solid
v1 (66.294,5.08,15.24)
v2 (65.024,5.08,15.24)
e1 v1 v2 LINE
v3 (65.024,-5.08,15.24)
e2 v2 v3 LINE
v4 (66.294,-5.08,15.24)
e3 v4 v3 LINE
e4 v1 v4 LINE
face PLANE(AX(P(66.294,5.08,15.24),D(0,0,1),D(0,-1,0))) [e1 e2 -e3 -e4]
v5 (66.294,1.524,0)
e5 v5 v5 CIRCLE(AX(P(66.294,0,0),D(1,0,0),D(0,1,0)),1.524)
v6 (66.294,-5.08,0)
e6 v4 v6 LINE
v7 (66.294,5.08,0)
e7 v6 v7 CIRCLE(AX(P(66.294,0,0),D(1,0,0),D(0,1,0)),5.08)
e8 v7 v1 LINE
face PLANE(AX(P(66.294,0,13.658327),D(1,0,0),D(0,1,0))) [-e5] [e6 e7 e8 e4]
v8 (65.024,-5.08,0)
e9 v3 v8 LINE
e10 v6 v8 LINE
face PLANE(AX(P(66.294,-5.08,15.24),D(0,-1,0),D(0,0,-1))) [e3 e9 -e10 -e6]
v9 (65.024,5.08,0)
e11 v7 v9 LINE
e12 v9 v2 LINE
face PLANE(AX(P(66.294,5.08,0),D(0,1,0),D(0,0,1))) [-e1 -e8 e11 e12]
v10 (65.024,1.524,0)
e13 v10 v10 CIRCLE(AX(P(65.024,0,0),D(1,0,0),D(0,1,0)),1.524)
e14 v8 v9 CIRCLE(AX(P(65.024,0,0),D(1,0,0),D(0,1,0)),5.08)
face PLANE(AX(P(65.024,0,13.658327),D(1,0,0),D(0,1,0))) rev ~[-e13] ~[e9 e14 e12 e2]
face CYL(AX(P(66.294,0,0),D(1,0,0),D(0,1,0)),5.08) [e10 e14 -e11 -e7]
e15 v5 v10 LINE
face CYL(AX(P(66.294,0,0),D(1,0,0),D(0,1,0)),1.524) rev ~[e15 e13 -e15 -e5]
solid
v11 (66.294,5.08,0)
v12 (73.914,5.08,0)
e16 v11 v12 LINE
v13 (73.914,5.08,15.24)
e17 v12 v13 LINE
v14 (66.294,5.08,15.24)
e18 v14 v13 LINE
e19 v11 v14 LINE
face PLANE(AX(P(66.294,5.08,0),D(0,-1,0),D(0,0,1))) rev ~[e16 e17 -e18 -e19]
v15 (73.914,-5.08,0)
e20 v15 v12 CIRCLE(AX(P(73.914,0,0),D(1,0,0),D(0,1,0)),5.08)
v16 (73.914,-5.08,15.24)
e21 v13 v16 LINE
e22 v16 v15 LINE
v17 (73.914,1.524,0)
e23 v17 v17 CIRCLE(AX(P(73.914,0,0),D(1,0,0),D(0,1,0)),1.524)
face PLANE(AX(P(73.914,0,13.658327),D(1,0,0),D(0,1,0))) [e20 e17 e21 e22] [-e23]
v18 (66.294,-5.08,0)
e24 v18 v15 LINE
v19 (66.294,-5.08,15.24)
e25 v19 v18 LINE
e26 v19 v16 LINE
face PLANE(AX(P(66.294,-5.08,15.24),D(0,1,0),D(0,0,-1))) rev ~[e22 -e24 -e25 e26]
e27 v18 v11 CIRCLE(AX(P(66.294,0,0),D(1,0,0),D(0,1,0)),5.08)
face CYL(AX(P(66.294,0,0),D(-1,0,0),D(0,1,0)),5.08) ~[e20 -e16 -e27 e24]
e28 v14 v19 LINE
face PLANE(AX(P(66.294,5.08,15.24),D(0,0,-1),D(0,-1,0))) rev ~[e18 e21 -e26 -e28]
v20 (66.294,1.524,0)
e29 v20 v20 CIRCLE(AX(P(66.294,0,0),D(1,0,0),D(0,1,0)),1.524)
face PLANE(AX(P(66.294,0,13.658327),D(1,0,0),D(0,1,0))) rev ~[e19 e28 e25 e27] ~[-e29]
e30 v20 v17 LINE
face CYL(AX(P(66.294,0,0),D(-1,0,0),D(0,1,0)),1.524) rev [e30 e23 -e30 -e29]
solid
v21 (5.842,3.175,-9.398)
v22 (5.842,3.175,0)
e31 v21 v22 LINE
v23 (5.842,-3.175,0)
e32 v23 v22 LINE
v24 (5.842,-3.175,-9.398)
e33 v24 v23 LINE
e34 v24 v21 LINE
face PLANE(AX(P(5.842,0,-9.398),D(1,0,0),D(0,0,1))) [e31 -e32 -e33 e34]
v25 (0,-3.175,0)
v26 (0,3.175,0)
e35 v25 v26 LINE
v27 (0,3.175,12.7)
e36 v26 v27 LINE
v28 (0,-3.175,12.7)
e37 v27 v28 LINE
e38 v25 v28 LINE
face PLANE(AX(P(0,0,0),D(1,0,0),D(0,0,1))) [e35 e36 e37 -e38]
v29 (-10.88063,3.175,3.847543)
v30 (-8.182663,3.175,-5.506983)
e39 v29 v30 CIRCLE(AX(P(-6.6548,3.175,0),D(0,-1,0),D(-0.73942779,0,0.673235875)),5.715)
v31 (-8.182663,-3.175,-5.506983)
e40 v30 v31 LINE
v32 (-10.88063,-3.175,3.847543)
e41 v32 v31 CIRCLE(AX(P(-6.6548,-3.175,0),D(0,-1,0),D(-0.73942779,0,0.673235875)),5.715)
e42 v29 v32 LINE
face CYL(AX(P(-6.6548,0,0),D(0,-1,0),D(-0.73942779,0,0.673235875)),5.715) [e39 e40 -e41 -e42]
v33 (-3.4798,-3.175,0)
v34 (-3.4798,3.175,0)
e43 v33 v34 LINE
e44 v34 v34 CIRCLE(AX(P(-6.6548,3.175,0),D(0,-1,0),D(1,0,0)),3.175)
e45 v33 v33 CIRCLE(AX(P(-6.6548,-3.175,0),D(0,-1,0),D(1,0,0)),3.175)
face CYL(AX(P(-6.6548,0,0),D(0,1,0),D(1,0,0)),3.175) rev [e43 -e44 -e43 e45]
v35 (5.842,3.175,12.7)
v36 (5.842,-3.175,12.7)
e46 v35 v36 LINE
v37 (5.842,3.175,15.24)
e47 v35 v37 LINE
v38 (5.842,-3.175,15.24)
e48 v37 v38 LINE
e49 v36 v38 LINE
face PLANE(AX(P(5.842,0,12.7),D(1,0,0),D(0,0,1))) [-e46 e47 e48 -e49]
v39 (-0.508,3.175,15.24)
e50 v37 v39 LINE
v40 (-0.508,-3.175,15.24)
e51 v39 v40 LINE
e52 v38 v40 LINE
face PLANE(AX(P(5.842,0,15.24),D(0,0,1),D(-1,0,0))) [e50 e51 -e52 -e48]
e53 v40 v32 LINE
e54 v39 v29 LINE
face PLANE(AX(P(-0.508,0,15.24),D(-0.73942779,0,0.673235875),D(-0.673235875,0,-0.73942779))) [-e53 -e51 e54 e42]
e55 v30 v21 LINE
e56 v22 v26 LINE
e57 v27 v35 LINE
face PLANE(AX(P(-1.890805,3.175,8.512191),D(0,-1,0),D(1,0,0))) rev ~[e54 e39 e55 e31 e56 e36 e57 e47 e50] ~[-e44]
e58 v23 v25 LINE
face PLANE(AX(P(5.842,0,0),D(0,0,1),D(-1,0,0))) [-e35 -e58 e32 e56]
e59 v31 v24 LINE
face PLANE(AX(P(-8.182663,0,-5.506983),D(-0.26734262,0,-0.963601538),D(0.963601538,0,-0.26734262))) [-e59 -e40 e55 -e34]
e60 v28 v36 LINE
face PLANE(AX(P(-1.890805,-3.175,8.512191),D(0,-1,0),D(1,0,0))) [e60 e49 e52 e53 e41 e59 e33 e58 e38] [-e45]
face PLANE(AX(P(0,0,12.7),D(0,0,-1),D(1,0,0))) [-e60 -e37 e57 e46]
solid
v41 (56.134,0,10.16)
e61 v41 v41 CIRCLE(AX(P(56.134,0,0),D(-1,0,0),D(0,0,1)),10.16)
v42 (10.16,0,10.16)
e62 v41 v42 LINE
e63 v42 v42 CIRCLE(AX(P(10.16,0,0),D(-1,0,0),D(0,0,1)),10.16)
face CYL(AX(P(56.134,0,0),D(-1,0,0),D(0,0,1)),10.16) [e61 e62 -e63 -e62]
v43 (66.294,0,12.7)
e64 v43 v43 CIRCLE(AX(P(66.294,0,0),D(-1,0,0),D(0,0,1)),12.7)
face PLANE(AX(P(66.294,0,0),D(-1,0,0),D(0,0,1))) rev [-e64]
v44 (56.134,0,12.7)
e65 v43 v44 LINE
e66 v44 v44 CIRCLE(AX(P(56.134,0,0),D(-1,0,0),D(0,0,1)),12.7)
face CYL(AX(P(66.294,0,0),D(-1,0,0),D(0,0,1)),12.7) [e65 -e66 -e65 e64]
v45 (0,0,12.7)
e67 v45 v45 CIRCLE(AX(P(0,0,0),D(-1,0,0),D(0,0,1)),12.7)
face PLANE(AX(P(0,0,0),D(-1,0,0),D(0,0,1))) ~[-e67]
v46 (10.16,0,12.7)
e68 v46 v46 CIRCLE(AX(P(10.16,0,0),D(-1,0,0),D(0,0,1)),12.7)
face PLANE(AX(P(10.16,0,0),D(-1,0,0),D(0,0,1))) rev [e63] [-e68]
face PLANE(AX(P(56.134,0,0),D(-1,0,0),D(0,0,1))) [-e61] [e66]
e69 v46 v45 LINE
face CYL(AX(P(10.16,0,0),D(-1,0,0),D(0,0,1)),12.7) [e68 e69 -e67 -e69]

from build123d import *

# Parameters (mm, degrees)
F0_W     = 5.842
F0_H     = 12.7
F0_R     = 3.175
F2_DEPTH = 3.175
F3_R     = 1.524
F4_DEPTH = 7.62
F5_DEPTH = 1.27


with BuildPart() as f1:
    # F0 (on Front) → F1 (revolve)
    with BuildSketch(Plane.XZ):
        with Locations((2.921, 6.35)):
            Rectangle(F0_W, F0_H)
        Polygon((5.842, 12.7), (5.842, 0), (66.294, 0), (66.294, 12.7), (56.134, 12.7), (56.134, 10.16), (10.16, 10.16), (10.16, 12.7), align=None)
    revolve(axis=Axis((33.147, 0, 0), (-1, 0, 0)))


with BuildPart() as f2:
    # F0 (on Front) → F2 (new body, symmetric)
    with BuildSketch(Plane.XZ):
        with BuildLine():
            Line((-0.9398, 0), (0, 0))
            Line((0, 0), (0, 12.7))
            Line((0, 12.7), (5.842, 12.7))
            Line((5.842, 12.7), (5.842, 15.24))
            Line((5.842, 15.24), (-0.508, 15.24))
            Line((-0.508, 15.24), (-10.8806298187, 3.8475430269))
            ThreePointArc((-10.8806298187, 3.8475430269), (-4.5919612295, 5.3297205562), (-0.9398, 0))
        make_face()
        with BuildLine():
            ThreePointArc((-8.1826630726, -5.5069827884), (-3.1957909266, -4.5493385486), (-0.9398, 0))
            ThreePointArc((-0.9398, 0), (-4.5919612295, 5.3297205562), (-10.8806298187, 3.8475430269))
            ThreePointArc((-10.8806298187, 3.8475430269), (-12.1459778134, -1.5837270034), (-8.1826630726, -5.5069827884))
        make_face()
        with Locations((-6.6548, 0)):
            Circle(F0_R, mode=Mode.SUBTRACT)
        with BuildLine():
            Line((5.842, 0), (0, 0))
            Line((0, 0), (-0.9398, 0))
            ThreePointArc((-0.9398, 0), (-3.1957909266, -4.5493385486), (-8.1826630726, -5.5069827884))
            Line((-8.1826630726, -5.5069827884), (5.842, -9.398))
            Line((5.842, -9.398), (5.842, 0))
        make_face()
    extrude(amount=F2_DEPTH, both=True)


with BuildPart() as f4:
    # F3 (on face) → F4 (new body)
    with BuildSketch(Plane.YZ.offset(66.294)):
        with BuildLine():
            ThreePointArc((-5.08, 11.6397422652), (0, 12.7), (5.08, 11.6397422652))
            Line((5.08, 11.6397422652), (5.08, 15.24))
            Line((5.08, 15.24), (-5.08, 15.24))
            Line((-5.08, 15.24), (-5.08, 11.6397422652))
        make_face()
        with BuildLine():
            ThreePointArc((-5.08, 0), (0, 5.08), (5.08, 0))
            Line((5.08, 0), (5.08, 11.6397422652))
            ThreePointArc((5.08, 11.6397422652), (0, 12.7), (-5.08, 11.6397422652))
            Line((-5.08, 11.6397422652), (-5.08, 0))
        make_face()
        with BuildLine():
            ThreePointArc((-5.08, 0), (0, -5.08), (5.08, 0))
            ThreePointArc((5.08, 0), (0, 5.08), (-5.08, 0))
        make_face()
        Circle(F3_R, mode=Mode.SUBTRACT)
    extrude(amount=F4_DEPTH)


with BuildPart() as f5:
    # F5 (new): a face of the model
    f5_faces = [f4.part.faces().sort_by_distance(p)[0] for p in [
        (66.294, 0, 5.8085929676),
    ]]
    extrude(f5_faces, amount=F5_DEPTH)


solid = Compound([f1.part, f2.part, f4.part, f5.part])
